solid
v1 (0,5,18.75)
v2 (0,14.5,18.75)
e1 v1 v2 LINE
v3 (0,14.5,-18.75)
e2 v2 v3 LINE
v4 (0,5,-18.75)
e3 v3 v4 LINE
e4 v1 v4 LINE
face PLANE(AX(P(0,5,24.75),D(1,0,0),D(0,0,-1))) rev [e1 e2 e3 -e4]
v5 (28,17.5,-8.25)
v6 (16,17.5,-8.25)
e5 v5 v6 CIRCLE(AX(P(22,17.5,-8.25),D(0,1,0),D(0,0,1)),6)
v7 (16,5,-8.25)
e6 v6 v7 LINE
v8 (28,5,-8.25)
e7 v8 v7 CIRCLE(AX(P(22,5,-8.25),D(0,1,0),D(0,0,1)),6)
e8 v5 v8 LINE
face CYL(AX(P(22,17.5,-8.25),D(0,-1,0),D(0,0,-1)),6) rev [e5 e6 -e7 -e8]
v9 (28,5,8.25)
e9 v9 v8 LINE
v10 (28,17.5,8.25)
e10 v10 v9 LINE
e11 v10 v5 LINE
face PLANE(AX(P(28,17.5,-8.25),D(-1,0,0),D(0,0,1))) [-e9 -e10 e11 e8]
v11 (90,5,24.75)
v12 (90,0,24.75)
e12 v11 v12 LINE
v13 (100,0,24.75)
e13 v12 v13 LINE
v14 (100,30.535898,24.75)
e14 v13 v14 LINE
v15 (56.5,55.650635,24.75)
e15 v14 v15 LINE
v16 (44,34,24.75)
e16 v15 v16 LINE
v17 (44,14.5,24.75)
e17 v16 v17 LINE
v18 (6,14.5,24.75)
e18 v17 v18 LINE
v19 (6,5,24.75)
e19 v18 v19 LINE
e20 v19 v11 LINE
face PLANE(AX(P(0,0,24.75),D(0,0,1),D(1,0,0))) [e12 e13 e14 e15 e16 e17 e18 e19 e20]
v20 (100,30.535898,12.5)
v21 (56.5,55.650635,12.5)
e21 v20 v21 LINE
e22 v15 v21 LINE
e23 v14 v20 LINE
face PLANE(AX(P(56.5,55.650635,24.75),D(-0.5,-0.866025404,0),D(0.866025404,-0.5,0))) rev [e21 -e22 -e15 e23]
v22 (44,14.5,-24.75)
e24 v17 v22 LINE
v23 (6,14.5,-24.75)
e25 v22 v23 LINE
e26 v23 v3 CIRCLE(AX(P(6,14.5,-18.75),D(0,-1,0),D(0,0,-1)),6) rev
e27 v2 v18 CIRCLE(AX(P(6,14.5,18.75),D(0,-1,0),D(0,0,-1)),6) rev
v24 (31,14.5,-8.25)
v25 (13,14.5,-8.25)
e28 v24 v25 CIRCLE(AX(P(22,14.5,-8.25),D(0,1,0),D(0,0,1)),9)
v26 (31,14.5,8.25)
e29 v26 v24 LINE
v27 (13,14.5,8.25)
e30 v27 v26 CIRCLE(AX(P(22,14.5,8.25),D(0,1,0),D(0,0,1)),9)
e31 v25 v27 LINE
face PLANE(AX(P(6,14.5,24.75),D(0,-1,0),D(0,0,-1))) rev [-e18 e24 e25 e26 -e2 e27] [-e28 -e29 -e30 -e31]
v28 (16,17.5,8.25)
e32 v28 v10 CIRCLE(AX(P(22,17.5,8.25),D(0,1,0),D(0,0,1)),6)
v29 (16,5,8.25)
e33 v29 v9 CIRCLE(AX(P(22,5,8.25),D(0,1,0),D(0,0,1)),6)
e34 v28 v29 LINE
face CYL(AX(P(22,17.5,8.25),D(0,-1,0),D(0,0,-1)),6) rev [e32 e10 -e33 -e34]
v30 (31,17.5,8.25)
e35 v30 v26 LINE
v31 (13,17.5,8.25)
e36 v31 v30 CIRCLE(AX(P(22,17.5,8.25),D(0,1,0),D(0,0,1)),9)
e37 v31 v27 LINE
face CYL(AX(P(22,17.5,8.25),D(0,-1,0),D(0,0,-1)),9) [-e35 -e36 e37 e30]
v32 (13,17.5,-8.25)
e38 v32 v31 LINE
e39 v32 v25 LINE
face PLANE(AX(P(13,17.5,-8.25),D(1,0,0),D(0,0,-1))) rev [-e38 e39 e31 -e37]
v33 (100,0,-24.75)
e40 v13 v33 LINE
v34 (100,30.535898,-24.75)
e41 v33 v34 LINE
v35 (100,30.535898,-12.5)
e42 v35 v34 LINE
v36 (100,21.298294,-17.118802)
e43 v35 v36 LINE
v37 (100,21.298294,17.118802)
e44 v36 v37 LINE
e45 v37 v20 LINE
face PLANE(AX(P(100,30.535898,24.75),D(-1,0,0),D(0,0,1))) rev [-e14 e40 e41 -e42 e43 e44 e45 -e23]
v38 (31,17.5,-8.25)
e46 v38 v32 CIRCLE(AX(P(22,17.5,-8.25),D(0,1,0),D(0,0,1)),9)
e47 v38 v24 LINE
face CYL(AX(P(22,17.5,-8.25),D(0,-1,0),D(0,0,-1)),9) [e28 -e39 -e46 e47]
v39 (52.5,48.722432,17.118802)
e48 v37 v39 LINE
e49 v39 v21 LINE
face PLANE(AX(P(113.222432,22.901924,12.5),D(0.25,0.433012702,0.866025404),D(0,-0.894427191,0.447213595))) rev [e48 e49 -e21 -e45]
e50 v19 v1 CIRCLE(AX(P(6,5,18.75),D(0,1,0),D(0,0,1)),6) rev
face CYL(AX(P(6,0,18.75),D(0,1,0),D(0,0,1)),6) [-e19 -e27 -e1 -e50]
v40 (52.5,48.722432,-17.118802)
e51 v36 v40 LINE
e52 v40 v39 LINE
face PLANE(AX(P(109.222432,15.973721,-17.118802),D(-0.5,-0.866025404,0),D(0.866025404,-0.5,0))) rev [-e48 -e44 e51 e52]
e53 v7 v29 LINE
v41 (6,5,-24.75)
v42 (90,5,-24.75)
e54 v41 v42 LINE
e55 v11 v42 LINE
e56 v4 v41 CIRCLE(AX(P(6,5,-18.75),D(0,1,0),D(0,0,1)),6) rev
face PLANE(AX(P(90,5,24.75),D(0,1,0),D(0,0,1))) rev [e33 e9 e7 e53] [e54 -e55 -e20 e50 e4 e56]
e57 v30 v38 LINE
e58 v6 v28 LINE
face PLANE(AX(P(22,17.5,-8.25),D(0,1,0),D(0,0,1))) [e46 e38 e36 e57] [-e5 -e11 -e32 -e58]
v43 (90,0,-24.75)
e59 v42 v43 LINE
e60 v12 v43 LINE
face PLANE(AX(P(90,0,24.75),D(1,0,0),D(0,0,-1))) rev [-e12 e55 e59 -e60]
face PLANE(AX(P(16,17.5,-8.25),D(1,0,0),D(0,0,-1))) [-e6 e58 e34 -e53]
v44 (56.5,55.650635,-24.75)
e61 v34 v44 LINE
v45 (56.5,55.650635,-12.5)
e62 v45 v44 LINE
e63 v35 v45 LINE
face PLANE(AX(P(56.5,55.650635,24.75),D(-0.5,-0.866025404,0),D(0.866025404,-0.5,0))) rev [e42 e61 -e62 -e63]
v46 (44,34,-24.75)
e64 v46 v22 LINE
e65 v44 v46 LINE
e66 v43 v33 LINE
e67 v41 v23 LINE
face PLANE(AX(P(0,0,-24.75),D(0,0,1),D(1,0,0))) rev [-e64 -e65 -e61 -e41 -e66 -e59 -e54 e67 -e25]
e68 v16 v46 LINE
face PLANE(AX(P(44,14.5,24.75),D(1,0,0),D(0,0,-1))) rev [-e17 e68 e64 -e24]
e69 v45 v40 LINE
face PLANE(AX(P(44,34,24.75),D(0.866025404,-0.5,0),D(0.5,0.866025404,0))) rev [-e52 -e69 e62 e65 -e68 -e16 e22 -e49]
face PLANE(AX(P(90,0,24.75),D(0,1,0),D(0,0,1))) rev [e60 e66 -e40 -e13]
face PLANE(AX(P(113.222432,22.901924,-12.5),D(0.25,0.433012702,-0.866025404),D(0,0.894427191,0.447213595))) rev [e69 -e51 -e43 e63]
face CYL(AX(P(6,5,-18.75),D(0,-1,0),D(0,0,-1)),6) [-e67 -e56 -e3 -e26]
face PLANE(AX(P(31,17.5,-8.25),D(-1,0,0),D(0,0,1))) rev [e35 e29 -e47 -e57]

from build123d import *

# Parameters (mm, degrees)
BOSS_EXTRUDE1_DEPTH = 24.75
BOSS_EXTRUDE2_DEPTH = 3
CUT_EXTRUDE1_DEPTH  = 111.932129109
CUT_EXTRUDE2_DEPTH  = 109.046199668
FILLET1_R           = 6


with BuildPart() as part:
    # Sketch1 → Boss-Extrude1 (new, symmetric)
    with BuildSketch(Plane.XY):
        Polygon((44, 34), (56.5, 55.650635095), (100, 30.535898385), (100, 21.035898385), (100, 0), (90, 0), (90, 5), (44, 5), (6, 5), (0, 5), (0, 14.5), (6, 14.5), (44, 14.5), align=None)
    extrude(amount=BOSS_EXTRUDE1_DEPTH, both=True)

    # Sketch2 → Boss-Extrude2 (add)
    with BuildSketch(Plane(origin=(0, 14.5, 0), x_dir=(1, 0, 0), z_dir=(0, 1, 0))):
        with BuildLine():
            Line((31, 8.25), (31, -8.25))
            ThreePointArc((31, -8.25), (22, -17.25), (13, -8.25))
            Line((13, -8.25), (13, 8.25))
            ThreePointArc((13, 8.25), (22, 17.25), (31, 8.25))
        make_face()
        with BuildLine():
            Line((28, 8.25), (28, -8.25))
            ThreePointArc((28, -8.25), (22, -14.25), (16, -8.25))
            Line((16, -8.25), (16, 8.25))
            ThreePointArc((16, 8.25), (22, 14.25), (28, 8.25))
        make_face(mode=Mode.SUBTRACT)
    extrude(amount=BOSS_EXTRUDE2_DEPTH)

    # Sketch3 → Cut-Extrude1 (cut, through all)
    with BuildSketch(Plane(origin=(0, 14.5, 0), x_dir=(1, 0, 0), z_dir=(0, 1, 0))):
        with BuildLine():
            Line((28, -8.25), (28, 8.25))
            ThreePointArc((28, 8.25), (22, 14.25), (16, 8.25))
            Line((16, 8.25), (16, -8.25))
            ThreePointArc((16, -8.25), (22, -14.25), (28, -8.25))
        make_face()
    extrude(amount=-CUT_EXTRUDE1_DEPTH, mode=Mode.SUBTRACT)

    # Sketch4 → Cut-Extrude2 (cut, through all)
    with BuildSketch(Plane(origin=(18.277568136, -10.552558883, 0), x_dir=(0, 0, 1), z_dir=(-0.8660254037844386, 0.5000000000000001, 0))):
        Polygon((-12.5, 76.444863729), (12.5, 76.444863729), (17.118802154, 68.444863729), (-17.118802154, 68.444863729), align=None)
    extrude(amount=-CUT_EXTRUDE2_DEPTH, mode=Mode.SUBTRACT)

    # Fillet1
    fillet1_edges = [part.edges().sort_by_distance(p)[0] for p in [
        (0, 9.75, -24.75),
        (0, 9.75, 24.75),
    ]]
    fillet(fillet1_edges, radius=FILLET1_R)


solid = part.part
